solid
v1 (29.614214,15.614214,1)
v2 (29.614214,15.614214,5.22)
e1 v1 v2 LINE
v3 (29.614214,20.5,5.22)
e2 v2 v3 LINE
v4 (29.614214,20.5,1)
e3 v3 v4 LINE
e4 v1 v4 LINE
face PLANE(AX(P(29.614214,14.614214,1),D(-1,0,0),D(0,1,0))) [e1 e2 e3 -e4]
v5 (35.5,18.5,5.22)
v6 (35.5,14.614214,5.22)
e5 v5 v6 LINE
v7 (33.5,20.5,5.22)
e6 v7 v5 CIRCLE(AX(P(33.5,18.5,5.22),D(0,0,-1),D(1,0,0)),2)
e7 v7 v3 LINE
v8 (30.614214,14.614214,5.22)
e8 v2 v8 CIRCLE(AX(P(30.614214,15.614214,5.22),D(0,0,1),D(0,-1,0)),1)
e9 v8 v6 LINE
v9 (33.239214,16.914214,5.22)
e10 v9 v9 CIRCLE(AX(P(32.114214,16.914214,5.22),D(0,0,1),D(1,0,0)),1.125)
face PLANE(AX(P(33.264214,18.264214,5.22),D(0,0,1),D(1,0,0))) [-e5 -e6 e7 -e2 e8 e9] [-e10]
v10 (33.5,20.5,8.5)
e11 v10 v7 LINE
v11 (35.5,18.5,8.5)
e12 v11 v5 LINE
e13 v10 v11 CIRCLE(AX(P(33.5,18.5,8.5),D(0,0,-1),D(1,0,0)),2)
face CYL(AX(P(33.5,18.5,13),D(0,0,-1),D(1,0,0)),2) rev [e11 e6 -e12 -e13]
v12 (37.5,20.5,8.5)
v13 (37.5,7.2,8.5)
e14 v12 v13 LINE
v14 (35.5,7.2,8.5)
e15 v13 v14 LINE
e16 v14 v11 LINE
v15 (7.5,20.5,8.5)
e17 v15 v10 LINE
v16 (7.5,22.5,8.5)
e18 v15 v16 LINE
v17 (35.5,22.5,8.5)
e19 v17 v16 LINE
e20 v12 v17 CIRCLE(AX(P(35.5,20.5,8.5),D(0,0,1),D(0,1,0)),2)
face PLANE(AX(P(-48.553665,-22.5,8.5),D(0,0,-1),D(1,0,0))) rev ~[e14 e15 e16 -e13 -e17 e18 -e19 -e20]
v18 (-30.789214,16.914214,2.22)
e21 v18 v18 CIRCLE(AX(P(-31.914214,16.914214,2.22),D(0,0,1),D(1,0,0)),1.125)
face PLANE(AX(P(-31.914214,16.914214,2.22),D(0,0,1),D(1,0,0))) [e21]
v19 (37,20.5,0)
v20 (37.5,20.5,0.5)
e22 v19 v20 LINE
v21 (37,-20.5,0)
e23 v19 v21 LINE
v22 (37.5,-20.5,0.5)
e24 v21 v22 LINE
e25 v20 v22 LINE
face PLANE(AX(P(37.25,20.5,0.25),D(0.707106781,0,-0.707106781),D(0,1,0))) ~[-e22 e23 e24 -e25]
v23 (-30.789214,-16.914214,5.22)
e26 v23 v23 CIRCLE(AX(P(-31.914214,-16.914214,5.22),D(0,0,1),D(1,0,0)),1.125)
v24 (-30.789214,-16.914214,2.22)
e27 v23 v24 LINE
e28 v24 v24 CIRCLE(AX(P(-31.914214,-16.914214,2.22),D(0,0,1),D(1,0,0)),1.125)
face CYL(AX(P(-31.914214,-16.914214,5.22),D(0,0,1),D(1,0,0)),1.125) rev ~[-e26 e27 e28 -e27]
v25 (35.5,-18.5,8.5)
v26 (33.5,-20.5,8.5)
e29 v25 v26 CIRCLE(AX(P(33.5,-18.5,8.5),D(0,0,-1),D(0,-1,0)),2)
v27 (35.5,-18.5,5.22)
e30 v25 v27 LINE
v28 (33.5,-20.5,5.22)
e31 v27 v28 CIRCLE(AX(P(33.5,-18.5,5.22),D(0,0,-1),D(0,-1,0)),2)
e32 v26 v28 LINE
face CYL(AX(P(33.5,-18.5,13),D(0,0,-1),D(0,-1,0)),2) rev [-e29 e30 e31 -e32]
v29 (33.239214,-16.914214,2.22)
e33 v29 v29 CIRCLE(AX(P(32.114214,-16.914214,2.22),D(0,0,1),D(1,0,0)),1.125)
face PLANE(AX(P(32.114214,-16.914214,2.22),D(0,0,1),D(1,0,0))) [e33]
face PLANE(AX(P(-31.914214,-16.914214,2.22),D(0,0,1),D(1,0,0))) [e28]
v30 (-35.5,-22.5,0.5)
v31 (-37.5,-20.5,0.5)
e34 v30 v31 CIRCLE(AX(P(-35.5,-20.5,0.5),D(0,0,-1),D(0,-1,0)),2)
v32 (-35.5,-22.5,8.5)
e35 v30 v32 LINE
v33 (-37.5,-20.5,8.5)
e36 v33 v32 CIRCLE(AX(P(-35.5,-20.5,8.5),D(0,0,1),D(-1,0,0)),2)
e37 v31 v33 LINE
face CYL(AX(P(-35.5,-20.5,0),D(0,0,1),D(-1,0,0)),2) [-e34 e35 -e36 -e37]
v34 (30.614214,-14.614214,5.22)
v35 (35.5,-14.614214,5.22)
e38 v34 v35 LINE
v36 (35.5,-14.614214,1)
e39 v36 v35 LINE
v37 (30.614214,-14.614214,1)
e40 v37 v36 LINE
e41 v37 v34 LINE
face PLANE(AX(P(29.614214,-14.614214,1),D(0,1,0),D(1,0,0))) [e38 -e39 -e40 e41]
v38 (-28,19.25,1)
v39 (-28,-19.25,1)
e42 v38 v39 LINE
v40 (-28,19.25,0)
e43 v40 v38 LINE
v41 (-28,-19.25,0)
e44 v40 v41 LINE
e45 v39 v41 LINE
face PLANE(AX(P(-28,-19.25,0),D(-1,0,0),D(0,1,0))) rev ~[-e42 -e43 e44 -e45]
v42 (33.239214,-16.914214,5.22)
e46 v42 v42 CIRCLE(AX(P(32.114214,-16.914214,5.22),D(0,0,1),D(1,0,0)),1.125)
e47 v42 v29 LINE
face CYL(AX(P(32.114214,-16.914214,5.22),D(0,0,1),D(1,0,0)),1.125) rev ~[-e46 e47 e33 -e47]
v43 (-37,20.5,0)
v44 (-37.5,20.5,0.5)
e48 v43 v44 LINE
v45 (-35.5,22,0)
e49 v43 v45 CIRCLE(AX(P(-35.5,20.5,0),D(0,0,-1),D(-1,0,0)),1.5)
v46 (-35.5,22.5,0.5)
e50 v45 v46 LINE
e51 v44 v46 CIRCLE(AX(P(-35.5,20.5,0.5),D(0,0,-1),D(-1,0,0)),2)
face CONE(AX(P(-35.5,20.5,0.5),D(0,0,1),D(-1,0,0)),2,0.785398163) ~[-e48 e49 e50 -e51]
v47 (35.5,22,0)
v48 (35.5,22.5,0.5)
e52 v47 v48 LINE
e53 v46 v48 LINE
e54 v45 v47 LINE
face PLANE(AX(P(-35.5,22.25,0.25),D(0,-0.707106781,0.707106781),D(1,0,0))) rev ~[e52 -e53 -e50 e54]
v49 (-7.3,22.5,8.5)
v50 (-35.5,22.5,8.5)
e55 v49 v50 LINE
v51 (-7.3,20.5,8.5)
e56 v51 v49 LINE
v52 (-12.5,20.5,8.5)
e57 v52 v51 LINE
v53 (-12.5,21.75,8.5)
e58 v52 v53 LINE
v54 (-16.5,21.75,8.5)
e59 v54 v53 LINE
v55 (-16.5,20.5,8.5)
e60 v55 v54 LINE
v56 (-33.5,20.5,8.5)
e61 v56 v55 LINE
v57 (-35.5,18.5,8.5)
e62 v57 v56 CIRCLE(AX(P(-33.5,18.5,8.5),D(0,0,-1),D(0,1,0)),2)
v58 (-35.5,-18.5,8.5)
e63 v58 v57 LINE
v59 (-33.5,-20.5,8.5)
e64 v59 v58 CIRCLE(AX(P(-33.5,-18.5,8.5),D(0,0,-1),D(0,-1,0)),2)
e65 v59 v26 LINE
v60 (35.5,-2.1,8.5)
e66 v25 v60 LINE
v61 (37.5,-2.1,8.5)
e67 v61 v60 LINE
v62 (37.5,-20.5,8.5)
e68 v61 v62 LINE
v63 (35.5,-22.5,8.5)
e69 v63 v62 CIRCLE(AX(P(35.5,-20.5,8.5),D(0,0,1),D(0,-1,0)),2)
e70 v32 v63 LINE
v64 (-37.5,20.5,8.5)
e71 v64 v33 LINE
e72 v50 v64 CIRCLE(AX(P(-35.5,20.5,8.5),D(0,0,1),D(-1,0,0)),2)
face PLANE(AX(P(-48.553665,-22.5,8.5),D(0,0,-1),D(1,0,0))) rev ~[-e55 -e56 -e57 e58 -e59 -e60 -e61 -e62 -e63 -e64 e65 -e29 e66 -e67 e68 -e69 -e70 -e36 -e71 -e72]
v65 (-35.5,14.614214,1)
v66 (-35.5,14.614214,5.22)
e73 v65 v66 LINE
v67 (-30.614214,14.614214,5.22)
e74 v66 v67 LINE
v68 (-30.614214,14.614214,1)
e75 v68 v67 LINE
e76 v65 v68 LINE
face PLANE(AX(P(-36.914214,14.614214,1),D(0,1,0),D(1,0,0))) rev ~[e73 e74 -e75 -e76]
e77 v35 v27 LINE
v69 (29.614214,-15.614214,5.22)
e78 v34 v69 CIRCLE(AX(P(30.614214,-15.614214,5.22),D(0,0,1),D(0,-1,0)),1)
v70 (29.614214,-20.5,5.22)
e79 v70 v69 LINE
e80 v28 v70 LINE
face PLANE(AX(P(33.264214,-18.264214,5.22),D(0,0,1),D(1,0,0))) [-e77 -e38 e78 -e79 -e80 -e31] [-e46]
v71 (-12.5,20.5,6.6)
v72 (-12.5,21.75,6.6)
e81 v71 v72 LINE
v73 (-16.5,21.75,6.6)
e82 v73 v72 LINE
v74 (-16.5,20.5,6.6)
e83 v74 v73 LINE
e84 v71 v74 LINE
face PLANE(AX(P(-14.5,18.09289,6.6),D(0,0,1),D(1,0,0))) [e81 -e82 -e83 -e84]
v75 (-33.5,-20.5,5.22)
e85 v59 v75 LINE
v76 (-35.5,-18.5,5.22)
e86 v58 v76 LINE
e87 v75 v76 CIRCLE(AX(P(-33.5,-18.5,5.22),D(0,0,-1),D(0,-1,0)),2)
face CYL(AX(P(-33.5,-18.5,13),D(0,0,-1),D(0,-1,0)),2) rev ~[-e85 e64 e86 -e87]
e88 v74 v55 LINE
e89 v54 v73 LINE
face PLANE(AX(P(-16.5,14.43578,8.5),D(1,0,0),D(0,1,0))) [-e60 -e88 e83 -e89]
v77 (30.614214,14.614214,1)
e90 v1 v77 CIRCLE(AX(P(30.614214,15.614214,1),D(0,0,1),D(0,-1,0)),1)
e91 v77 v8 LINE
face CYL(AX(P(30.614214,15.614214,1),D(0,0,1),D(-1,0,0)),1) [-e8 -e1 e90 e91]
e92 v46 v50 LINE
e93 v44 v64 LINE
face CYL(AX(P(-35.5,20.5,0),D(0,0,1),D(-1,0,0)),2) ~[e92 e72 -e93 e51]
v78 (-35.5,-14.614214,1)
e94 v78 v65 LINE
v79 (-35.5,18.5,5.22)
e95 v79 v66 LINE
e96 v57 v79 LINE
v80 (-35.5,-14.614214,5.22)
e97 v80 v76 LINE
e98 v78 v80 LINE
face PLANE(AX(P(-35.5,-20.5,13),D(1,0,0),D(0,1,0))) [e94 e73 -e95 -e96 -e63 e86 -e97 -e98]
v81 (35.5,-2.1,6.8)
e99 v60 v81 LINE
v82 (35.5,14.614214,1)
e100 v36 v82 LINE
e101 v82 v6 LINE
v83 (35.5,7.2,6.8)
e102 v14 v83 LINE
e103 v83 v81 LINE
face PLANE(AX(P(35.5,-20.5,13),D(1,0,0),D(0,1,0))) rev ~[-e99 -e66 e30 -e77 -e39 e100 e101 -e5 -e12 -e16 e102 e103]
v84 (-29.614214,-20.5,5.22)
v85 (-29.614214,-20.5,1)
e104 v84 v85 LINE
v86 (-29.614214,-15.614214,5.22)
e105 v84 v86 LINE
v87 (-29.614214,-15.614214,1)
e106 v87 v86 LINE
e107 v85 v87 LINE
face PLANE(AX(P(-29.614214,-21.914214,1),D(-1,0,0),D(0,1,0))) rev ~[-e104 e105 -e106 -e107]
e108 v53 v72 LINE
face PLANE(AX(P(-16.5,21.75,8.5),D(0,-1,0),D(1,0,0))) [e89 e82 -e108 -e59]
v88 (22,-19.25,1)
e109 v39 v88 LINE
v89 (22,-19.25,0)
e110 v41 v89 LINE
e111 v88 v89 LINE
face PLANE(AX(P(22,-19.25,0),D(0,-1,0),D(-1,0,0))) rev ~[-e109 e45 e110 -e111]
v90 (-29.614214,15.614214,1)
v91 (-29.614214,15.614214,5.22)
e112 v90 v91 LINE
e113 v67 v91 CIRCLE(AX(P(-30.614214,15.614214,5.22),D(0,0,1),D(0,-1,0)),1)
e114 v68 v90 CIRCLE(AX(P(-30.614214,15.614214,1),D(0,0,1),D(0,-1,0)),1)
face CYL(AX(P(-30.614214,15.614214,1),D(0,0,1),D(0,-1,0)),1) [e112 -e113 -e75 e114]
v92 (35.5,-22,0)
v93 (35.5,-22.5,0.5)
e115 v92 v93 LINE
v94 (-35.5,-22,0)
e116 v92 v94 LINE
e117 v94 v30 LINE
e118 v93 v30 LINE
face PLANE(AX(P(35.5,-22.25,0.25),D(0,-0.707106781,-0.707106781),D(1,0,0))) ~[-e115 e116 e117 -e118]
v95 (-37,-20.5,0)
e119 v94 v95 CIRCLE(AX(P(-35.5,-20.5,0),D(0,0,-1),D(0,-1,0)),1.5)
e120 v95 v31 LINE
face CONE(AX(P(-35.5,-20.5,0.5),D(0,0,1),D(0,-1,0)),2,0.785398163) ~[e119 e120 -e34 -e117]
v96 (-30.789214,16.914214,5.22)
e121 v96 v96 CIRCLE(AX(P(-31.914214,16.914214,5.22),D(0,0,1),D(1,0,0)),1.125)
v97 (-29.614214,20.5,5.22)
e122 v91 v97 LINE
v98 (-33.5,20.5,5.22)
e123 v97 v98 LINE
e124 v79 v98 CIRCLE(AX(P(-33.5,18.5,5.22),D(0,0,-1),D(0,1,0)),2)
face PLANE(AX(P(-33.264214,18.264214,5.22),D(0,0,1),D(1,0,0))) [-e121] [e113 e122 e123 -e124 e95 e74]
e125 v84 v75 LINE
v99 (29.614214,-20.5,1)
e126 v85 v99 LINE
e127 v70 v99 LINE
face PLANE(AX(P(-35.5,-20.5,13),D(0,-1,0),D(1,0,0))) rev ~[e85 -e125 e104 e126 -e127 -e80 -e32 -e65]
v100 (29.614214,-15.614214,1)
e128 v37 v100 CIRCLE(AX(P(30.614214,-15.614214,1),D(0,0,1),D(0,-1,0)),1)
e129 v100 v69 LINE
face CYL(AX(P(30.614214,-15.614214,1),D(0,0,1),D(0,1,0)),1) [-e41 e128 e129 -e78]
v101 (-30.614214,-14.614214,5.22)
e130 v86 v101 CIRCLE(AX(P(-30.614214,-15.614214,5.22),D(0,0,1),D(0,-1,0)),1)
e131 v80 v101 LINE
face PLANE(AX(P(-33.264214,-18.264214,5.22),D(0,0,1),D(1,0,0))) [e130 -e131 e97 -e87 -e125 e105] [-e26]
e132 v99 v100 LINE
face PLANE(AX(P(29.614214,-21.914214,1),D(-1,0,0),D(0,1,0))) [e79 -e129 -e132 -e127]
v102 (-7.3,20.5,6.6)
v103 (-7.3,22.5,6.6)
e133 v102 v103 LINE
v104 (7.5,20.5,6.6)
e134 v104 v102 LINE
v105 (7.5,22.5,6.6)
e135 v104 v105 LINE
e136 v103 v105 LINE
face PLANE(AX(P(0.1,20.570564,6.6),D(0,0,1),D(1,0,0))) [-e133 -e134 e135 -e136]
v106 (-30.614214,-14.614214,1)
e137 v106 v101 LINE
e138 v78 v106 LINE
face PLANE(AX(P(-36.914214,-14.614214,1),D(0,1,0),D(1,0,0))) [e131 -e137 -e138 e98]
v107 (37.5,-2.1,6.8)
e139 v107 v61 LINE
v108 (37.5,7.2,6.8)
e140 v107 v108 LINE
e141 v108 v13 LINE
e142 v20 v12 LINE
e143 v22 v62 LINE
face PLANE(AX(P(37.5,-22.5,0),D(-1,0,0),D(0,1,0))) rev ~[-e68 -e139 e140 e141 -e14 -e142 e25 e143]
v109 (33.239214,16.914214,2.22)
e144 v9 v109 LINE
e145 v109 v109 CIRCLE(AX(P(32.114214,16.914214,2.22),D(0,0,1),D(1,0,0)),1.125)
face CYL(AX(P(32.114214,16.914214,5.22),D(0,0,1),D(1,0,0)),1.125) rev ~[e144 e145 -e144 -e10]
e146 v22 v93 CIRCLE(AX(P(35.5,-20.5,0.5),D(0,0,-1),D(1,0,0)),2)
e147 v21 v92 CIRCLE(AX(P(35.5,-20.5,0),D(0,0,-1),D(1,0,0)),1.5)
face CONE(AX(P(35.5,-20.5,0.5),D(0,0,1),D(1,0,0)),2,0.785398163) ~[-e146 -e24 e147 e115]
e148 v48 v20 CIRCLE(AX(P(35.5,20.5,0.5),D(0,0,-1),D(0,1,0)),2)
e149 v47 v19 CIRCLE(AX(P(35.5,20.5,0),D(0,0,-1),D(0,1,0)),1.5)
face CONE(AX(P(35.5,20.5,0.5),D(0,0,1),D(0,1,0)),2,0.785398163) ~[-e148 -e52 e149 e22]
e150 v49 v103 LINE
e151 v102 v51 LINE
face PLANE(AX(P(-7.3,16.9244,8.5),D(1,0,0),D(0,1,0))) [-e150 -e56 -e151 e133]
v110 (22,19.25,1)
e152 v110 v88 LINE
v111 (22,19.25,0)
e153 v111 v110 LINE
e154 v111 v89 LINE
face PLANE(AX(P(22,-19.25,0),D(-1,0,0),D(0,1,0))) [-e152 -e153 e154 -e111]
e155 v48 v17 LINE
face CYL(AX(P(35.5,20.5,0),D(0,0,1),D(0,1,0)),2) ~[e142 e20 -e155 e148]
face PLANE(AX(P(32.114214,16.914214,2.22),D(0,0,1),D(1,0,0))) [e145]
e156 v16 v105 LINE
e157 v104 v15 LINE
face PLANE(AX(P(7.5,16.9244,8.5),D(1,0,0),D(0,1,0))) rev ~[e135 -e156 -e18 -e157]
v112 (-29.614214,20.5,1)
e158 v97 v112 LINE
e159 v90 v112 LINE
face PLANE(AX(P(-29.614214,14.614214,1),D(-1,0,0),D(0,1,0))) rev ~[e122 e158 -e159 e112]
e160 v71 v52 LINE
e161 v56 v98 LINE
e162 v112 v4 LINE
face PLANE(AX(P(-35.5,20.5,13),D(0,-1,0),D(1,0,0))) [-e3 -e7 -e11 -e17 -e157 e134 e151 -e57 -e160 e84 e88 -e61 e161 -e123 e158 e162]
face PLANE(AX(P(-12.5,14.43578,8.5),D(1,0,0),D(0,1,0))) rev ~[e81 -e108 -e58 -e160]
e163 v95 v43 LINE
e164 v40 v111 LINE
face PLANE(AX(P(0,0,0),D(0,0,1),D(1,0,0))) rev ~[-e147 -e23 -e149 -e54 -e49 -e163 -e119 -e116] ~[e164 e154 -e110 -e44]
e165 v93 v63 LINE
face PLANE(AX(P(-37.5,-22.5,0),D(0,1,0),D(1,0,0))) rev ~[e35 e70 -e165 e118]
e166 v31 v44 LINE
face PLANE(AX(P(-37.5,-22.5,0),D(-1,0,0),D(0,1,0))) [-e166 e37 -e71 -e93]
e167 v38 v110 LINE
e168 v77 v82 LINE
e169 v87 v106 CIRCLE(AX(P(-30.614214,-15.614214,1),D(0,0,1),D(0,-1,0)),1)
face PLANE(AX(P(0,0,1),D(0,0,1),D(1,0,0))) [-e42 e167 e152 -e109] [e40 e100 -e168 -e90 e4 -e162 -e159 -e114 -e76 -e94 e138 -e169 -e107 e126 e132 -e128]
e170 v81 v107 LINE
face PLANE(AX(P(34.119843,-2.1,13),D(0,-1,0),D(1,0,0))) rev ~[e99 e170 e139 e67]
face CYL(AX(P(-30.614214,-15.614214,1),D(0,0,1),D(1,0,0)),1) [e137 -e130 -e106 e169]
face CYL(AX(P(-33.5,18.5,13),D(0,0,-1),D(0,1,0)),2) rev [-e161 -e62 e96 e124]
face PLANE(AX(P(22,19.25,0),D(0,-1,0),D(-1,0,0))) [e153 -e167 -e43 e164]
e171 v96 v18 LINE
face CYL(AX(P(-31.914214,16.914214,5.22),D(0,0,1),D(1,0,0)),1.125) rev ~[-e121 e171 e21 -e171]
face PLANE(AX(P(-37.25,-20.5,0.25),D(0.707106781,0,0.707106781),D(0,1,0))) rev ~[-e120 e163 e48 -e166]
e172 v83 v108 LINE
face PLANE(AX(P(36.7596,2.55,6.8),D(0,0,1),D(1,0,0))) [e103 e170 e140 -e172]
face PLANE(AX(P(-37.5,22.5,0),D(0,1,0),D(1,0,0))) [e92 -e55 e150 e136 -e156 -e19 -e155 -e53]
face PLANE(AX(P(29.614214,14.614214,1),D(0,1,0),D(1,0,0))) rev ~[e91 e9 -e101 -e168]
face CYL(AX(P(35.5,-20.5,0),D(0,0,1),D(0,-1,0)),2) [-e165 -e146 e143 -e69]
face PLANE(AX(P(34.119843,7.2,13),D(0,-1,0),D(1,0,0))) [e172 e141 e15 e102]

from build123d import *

# Parameters (mm, degrees)
SKICA1_W                 = 75
SKICA1_H                 = 45
P_IDAT_VYSUNUT_M1_DEPTH  = 13
SKICA2_W                 = 71
SKICA2_H                 = 41
ODEBRAT_VYSUNUT_M1_DEPTH = 12
ZAOBLIT1_R               = 2
ZKOSEN_2_SIZE            = 0.5
SKICA3_W                 = 50
SKICA3_H                 = 38.5
ODEBRAT_VYSUNUT_M2_DEPTH = 6
SKICA4_W                 = 7.3
SKICA4_H                 = 7.3
P_IDAT_VYSUNUT_M2_DEPTH  = 4.22
ZAOBLIT2_R               = 1
SKICA6_W                 = 92.209043038
SKICA6_H                 = 16.914138174
ODEBRAT_VYSUNUT_M3_DEPTH = 64.22
SKICA5_W                 = 5.279513812
SKICA5_H                 = 9.3
ODEBRAT_VYSUNUT_M4_DEPTH = 6.2
SKICA7_W                 = 4
SKICA7_H                 = 7.314220015
ODEBRAT_VYSUNUT_M5_DEPTH = 1.9
SKICA8_W                 = 14.8
SKICA8_H                 = 7.292326558
ODEBRAT_VYSUNUT_M6_DEPTH = 1.9
SKICA9_R                 = 1.125
ODEBRAT_VYSUNUT_M7_DEPTH = 3


with BuildPart() as part:
    # Skica1 → Přidat vysunutím1 (new body)
    with BuildSketch(Plane.XY):
        Rectangle(SKICA1_W, SKICA1_H)
    extrude(amount=P_IDAT_VYSUNUT_M1_DEPTH)

    # Skica2 → Odebrat vysunutím1 (cut)
    with BuildSketch(Plane.XY.offset(13)):
        Rectangle(SKICA2_W, SKICA2_H)
    extrude(amount=-ODEBRAT_VYSUNUT_M1_DEPTH, mode=Mode.SUBTRACT)

    # Zaoblit1
    zaoblit1_edges = [part.edges().sort_by_distance(p)[0] for p in [
        (35.5, 20.5, 7),
        (35.5, -20.5, 7),
        (-35.5, -20.5, 7),
        (-35.5, 20.5, 7),
        (37.5, -22.5, 6.5),
        (-37.5, -22.5, 6.5),
        (-37.5, 22.5, 6.5),
        (37.5, 22.5, 6.5),
    ]]
    fillet(zaoblit1_edges, radius=ZAOBLIT1_R)

    # Zkosení2
    zkosen_2_edges = [part.edges().sort_by_distance(p)[0] for p in [
        (0, 22.5, 0),
        (37.5, 0, 0),
        (0, -22.5, 0),
        (-37.5, 0, 0),
        (-36.914213562, 21.914213562, 0),
        (-36.914213562, -21.914213562, 0),
        (36.914213562, -21.914213562, 0),
        (36.914213562, 21.914213562, 0),
    ]]
    chamfer(zkosen_2_edges, length=ZKOSEN_2_SIZE)

    # Skica3 → Odebrat vysunutím2 (cut, symmetric)
    with BuildSketch(Plane(origin=(0, 0, 0), x_dir=(-1, 0, 0), z_dir=(0, 0, -1))):
        with Locations((3, 0)):
            Rectangle(SKICA3_W, SKICA3_H)
    extrude(amount=ODEBRAT_VYSUNUT_M2_DEPTH, both=True, mode=Mode.SUBTRACT)

    # Skica4 → Přidat vysunutím2 (add)
    with BuildSketch(Plane.XY.offset(1)):
        with Locations((-33.264213562, 18.264213562)):
            Rectangle(SKICA4_W, SKICA4_H)
        with Locations((-33.264213562, -18.264213562)):
            Rectangle(SKICA4_W, SKICA4_H)
        with Locations((33.264213562, -18.264213562)):
            Rectangle(SKICA4_W, SKICA4_H)
        with Locations((33.264213562, 18.264213562)):
            Rectangle(SKICA4_W, SKICA4_H)
    extrude(amount=P_IDAT_VYSUNUT_M2_DEPTH)

    # Zaoblit2
    zaoblit2_edges = [part.edges().sort_by_distance(p)[0] for p in [
        (-29.614213562, 14.614213562, 3.11),
        (-29.614213562, -14.614213562, 3.11),
        (29.614213562, -14.614213562, 3.11),
        (29.614213562, 14.614213562, 3.11),
    ]]
    fillet(zaoblit2_edges, radius=ZAOBLIT2_R)

    # Skica6 → Odebrat vysunutím3 (cut)
    with BuildSketch(Plane.XZ.offset(22.5)):
        with Locations((-2.449143373, 16.957069087)):
            Rectangle(SKICA6_W, SKICA6_H)
    extrude(amount=-ODEBRAT_VYSUNUT_M3_DEPTH, mode=Mode.SUBTRACT)

    # Skica5 → Odebrat vysunutím4 (cut)
    with BuildSketch(Plane.XY.offset(13)):
        with Locations((36.7595999, 2.55)):
            Rectangle(SKICA5_W, SKICA5_H)
    extrude(amount=-ODEBRAT_VYSUNUT_M4_DEPTH, mode=Mode.SUBTRACT)

    # Skica7 → Odebrat vysunutím5 (cut)
    with BuildSketch(Plane.XY.offset(8.5)):
        with Locations((-14.5, 18.092889993)):
            Rectangle(SKICA7_W, SKICA7_H)
    extrude(amount=-ODEBRAT_VYSUNUT_M5_DEPTH, mode=Mode.SUBTRACT)

    # Skica8 → Odebrat vysunutím6 (cut)
    with BuildSketch(Plane.XY.offset(8.5)):
        with Locations((0.1, 20.570563513)):
            Rectangle(SKICA8_W, SKICA8_H)
    extrude(amount=-ODEBRAT_VYSUNUT_M6_DEPTH, mode=Mode.SUBTRACT)

    # Skica9 → Odebrat vysunutím7 (cut)
    with BuildSketch(Plane.XY.offset(5.22)):
        with Locations((-31.914213562, 16.914213562)):
            Circle(SKICA9_R)
        with Locations((-31.914213562, -16.914213562)):
            Circle(SKICA9_R)
        with Locations((32.114213562, -16.914213562)):
            Circle(SKICA9_R)
        with Locations((32.114213562, 16.914213562)):
            Circle(SKICA9_R)
    extrude(amount=-ODEBRAT_VYSUNUT_M7_DEPTH, mode=Mode.SUBTRACT)


solid = part.part
